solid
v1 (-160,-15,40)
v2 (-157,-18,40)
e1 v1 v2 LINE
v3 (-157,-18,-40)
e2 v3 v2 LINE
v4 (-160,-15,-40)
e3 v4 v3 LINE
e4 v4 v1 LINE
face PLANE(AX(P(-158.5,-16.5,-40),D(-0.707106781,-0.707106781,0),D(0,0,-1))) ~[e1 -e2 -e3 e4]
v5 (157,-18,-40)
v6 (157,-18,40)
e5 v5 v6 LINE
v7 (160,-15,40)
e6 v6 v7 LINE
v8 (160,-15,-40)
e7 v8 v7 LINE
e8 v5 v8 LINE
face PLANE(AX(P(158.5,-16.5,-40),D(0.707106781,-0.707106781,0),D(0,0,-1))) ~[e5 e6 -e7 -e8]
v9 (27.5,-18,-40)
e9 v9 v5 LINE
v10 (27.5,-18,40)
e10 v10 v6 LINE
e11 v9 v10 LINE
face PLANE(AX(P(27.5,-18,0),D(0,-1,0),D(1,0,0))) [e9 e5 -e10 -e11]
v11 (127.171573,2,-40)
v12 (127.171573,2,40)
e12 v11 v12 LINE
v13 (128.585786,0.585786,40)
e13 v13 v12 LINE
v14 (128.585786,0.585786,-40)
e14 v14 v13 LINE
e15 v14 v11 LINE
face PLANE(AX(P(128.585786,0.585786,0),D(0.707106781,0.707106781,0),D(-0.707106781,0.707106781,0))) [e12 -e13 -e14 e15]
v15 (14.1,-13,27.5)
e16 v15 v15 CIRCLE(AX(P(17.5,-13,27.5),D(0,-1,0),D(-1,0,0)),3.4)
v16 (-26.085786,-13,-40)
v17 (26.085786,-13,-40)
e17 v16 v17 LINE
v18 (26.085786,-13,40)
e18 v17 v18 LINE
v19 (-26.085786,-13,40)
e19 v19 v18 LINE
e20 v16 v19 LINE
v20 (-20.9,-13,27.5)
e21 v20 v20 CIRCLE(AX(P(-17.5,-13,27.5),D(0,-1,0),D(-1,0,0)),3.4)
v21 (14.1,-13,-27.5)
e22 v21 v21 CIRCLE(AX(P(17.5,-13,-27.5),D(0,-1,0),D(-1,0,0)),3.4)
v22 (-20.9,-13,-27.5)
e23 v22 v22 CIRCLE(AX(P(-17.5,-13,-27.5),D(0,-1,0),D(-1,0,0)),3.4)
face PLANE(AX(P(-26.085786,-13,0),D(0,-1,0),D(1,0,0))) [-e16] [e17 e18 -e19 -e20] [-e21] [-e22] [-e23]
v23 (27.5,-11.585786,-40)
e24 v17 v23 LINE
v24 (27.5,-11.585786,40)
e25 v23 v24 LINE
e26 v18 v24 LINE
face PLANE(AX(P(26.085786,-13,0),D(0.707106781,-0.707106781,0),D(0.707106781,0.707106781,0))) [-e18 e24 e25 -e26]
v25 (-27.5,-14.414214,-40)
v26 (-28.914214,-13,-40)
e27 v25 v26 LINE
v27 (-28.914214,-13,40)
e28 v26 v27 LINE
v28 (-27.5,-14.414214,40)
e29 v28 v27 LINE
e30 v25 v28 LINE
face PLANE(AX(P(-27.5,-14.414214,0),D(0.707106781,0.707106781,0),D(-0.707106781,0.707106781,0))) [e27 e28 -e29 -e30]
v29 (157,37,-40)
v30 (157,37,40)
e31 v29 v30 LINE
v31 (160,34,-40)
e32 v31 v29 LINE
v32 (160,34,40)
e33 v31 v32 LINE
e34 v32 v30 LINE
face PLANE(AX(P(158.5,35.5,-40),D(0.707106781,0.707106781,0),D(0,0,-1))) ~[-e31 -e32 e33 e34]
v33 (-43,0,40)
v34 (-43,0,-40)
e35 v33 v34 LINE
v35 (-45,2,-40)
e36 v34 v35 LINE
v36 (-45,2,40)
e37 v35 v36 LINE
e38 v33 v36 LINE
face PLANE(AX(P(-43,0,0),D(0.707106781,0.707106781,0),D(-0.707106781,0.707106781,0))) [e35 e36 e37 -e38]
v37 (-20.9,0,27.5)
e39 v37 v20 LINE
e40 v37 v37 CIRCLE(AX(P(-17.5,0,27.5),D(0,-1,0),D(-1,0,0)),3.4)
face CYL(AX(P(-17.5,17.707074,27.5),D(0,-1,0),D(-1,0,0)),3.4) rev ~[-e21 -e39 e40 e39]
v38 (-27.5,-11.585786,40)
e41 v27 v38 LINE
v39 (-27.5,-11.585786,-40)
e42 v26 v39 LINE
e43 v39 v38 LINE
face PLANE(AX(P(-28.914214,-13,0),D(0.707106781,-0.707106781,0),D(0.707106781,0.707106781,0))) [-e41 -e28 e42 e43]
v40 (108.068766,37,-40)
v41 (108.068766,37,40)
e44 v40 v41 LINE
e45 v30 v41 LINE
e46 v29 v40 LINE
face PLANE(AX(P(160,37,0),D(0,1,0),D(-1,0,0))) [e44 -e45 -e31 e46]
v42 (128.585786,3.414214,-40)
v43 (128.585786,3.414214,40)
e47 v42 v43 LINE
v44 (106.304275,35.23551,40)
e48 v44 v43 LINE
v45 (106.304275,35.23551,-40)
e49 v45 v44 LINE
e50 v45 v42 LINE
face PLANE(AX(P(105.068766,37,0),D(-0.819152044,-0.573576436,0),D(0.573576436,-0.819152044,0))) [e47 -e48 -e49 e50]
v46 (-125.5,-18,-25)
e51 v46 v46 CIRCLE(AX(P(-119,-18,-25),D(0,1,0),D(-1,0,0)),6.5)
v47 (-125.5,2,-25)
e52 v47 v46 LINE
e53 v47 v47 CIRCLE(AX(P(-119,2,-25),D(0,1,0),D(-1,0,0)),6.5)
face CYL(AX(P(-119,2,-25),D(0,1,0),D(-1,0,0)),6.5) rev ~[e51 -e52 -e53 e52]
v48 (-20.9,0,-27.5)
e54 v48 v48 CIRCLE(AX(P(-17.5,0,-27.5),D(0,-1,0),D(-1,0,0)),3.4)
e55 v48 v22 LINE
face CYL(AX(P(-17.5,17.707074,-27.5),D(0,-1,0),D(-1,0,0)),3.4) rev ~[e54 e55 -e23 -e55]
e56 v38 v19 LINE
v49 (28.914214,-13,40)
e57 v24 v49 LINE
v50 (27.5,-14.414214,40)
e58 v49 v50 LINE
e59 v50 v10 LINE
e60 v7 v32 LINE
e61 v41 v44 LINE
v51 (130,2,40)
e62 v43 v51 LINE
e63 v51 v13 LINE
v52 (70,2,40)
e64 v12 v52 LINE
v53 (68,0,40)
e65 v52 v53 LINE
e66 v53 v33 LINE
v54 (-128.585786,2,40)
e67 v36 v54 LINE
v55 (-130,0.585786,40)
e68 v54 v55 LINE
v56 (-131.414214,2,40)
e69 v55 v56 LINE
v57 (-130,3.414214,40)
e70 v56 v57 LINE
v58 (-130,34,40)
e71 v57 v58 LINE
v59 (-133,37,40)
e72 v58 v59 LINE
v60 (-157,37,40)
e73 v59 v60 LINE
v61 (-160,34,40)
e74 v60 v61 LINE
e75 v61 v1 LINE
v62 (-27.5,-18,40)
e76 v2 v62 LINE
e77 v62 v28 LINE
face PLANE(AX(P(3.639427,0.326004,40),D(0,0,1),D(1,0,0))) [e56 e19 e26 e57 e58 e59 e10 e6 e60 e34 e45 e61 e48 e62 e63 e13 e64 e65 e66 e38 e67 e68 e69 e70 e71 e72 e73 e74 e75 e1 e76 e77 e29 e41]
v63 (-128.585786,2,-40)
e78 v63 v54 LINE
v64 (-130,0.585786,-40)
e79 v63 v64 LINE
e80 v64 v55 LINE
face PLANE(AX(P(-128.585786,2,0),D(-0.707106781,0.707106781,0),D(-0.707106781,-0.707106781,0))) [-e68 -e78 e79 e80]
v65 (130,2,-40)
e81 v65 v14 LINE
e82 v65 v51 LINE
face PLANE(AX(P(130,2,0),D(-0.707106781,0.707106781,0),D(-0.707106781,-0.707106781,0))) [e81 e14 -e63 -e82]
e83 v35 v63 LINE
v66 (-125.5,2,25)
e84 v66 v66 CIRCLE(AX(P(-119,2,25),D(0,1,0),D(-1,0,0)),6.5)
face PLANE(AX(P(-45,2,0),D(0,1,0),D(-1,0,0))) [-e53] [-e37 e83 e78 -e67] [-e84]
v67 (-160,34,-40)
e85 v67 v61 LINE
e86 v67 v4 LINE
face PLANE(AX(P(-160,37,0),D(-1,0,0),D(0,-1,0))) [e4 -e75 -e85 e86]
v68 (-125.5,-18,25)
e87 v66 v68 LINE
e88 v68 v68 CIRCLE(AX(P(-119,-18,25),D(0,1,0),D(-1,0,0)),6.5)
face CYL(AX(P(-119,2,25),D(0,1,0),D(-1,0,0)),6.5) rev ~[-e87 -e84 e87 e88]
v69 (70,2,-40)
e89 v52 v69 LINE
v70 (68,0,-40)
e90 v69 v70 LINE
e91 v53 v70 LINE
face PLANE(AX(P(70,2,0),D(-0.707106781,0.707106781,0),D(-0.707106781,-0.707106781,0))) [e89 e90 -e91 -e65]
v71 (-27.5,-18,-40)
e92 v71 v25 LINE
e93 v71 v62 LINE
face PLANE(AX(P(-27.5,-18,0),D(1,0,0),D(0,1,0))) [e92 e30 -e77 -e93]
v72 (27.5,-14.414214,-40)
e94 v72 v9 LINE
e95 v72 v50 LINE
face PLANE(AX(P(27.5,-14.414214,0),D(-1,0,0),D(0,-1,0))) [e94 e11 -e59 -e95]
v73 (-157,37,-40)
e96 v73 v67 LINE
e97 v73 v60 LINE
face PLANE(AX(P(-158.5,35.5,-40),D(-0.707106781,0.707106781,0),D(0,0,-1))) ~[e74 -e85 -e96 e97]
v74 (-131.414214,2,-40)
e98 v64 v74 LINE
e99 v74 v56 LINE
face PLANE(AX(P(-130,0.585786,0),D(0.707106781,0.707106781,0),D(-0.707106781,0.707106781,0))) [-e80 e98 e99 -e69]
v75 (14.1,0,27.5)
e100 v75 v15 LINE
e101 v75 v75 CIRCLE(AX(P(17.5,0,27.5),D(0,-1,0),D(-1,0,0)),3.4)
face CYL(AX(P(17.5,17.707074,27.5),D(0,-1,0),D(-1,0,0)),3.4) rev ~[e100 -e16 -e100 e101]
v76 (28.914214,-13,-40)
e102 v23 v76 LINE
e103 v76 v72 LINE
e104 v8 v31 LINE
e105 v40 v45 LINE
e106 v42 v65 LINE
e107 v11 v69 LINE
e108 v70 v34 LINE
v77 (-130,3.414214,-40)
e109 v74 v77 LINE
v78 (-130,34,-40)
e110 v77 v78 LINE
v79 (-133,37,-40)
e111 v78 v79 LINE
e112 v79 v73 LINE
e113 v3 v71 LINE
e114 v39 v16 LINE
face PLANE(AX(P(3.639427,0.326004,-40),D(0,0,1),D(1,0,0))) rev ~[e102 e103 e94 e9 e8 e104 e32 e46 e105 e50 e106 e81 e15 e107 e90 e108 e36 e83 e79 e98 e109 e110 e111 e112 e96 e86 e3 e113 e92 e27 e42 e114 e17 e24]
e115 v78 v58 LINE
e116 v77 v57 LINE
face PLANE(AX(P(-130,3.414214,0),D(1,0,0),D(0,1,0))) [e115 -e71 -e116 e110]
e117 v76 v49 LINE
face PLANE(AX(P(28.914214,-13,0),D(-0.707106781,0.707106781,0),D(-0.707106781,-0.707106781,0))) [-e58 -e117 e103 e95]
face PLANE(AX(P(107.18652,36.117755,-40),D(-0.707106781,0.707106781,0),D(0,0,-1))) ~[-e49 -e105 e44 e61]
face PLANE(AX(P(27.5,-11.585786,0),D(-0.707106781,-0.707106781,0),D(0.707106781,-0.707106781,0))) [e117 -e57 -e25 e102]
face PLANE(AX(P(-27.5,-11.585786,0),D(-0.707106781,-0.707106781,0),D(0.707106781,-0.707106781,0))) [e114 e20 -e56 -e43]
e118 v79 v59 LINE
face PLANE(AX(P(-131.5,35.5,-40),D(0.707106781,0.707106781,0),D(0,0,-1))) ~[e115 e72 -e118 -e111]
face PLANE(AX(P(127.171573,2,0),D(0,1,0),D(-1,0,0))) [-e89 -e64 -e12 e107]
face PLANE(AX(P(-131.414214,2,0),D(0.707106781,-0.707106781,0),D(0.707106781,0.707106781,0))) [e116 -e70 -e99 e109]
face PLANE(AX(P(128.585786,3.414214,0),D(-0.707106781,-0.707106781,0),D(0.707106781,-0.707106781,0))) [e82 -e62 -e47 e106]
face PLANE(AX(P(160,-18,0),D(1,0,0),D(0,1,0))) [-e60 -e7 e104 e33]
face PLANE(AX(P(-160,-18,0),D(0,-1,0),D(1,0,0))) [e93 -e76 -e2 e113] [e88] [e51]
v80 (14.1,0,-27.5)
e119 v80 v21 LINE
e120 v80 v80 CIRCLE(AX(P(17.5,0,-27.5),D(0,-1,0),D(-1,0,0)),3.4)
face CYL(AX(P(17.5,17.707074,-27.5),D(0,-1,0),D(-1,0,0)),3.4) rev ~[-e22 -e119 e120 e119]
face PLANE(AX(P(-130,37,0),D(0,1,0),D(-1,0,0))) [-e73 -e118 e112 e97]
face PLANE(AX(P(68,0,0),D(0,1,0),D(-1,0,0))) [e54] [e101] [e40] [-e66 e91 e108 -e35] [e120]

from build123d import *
from OCP.BRepFilletAPI import BRepFilletAPI_MakeChamfer

# Parameters (mm, degrees)
EXTRUDE_1_DEPTH        = 40
SKETCH_2_R             = 6.5
CUT_EXTRUDE_1_DEPTH    = 80
CHAMFER_1_SIZE         = 3
CHAMFER_1_SIZE2        = 2.154045129
HOLE_WIZARD_M8_1_D     = 6.8
HOLE_WIZARD_M8_1_DEPTH = 17.707073895
HOLE_WIZARD_M8_1_TIP   = 2.042926105


with BuildPart() as part:
    # 草图1 → 凸台-拉伸1 (new, symmetric)
    with BuildSketch(Plane.XY):
        Polygon((0, 0), (-43, 0), (-45, 2), (-128.585786438, 2), (-130, 0.585786438), (-131.414213562, 2), (-130, 3.414213562), (-130, 37), (-160, 37), (-160, -18), (-27.5, -18), (-27.5, -14.414213562), (-28.914213562, -13), (-27.5, -11.585786438), (-26.085786438, -13), (26.085786438, -13), (27.5, -11.585786438), (28.914213562, -13), (27.5, -14.414213562), (27.5, -18), (160, -18), (160, 37), (105.068765597, 37), (128.585786438, 3.414213562), (130, 2), (128.585786438, 0.585786438), (127.171572875, 2), (70, 2), (68, 0), align=None)
    extrude(amount=EXTRUDE_1_DEPTH, both=True)

    # 草图2 → 切除-拉伸1 (cut)
    with BuildSketch(Plane(origin=(0, 2, 0), x_dir=(1, 0, 0), z_dir=(0, 1, 0))):
        with Locations(Location((-119, 25, 0), (0, 0, 180))):
            Circle(SKETCH_2_R)
        with Locations(Location((-119, -25, 0), (0, 0, 180))):
            Circle(SKETCH_2_R)
    extrude(amount=-CUT_EXTRUDE_1_DEPTH, mode=Mode.SUBTRACT)

    # 倒角1: one chamfer whose edges measure the first distance from different faces: ONE call of the kernel's chamfer builder (chamfer() names one face for all edges)
    chamfer_1_edges_1 = [part.edges().sort_by_distance(p)[0] for p in [
        (105.068765597, 37, 0),
    ]]
    chamfer_1_side_1 = [part.faces().sort_by_distance(p)[0] for p in [
        (132.534382799, 37, 0),
    ]]
    chamfer_1_edges_2 = [part.edges().sort_by_distance(p)[0] for p in [
        (160, 37, 0),
        (160, -18, 0),
        (-160, -18, 0),
        (-160, 37, 0),
        (-130, 37, 0),
    ]]
    chamfer_1 = BRepFilletAPI_MakeChamfer(part.part.solid().wrapped)
    for e in chamfer_1_edges_1:
        chamfer_1.Add(CHAMFER_1_SIZE, CHAMFER_1_SIZE2, e.wrapped, chamfer_1_side_1[0].wrapped)  # the first distance lies on this face
    for e in chamfer_1_edges_2:
        chamfer_1.Add(CHAMFER_1_SIZE, e.wrapped)
    add(Compound.cast(chamfer_1.Shape()), mode=Mode.REPLACE)

    # M8 螺纹孔1
    with Locations(Plane(origin=(-17.5, 0, -27.5), x_dir=(1, 0, 0), z_dir=(0, 1, 0))):
        with Locations((0, 0), (35, 0), (35, -55), (0, -55)):
            Hole(HOLE_WIZARD_M8_1_D / 2, depth=HOLE_WIZARD_M8_1_DEPTH)
            with Locations((0, 0, -(HOLE_WIZARD_M8_1_DEPTH + HOLE_WIZARD_M8_1_TIP / 2))):  # 118° drill point
                Cone(0, HOLE_WIZARD_M8_1_D / 2, HOLE_WIZARD_M8_1_TIP, mode=Mode.SUBTRACT)


solid = part.part
